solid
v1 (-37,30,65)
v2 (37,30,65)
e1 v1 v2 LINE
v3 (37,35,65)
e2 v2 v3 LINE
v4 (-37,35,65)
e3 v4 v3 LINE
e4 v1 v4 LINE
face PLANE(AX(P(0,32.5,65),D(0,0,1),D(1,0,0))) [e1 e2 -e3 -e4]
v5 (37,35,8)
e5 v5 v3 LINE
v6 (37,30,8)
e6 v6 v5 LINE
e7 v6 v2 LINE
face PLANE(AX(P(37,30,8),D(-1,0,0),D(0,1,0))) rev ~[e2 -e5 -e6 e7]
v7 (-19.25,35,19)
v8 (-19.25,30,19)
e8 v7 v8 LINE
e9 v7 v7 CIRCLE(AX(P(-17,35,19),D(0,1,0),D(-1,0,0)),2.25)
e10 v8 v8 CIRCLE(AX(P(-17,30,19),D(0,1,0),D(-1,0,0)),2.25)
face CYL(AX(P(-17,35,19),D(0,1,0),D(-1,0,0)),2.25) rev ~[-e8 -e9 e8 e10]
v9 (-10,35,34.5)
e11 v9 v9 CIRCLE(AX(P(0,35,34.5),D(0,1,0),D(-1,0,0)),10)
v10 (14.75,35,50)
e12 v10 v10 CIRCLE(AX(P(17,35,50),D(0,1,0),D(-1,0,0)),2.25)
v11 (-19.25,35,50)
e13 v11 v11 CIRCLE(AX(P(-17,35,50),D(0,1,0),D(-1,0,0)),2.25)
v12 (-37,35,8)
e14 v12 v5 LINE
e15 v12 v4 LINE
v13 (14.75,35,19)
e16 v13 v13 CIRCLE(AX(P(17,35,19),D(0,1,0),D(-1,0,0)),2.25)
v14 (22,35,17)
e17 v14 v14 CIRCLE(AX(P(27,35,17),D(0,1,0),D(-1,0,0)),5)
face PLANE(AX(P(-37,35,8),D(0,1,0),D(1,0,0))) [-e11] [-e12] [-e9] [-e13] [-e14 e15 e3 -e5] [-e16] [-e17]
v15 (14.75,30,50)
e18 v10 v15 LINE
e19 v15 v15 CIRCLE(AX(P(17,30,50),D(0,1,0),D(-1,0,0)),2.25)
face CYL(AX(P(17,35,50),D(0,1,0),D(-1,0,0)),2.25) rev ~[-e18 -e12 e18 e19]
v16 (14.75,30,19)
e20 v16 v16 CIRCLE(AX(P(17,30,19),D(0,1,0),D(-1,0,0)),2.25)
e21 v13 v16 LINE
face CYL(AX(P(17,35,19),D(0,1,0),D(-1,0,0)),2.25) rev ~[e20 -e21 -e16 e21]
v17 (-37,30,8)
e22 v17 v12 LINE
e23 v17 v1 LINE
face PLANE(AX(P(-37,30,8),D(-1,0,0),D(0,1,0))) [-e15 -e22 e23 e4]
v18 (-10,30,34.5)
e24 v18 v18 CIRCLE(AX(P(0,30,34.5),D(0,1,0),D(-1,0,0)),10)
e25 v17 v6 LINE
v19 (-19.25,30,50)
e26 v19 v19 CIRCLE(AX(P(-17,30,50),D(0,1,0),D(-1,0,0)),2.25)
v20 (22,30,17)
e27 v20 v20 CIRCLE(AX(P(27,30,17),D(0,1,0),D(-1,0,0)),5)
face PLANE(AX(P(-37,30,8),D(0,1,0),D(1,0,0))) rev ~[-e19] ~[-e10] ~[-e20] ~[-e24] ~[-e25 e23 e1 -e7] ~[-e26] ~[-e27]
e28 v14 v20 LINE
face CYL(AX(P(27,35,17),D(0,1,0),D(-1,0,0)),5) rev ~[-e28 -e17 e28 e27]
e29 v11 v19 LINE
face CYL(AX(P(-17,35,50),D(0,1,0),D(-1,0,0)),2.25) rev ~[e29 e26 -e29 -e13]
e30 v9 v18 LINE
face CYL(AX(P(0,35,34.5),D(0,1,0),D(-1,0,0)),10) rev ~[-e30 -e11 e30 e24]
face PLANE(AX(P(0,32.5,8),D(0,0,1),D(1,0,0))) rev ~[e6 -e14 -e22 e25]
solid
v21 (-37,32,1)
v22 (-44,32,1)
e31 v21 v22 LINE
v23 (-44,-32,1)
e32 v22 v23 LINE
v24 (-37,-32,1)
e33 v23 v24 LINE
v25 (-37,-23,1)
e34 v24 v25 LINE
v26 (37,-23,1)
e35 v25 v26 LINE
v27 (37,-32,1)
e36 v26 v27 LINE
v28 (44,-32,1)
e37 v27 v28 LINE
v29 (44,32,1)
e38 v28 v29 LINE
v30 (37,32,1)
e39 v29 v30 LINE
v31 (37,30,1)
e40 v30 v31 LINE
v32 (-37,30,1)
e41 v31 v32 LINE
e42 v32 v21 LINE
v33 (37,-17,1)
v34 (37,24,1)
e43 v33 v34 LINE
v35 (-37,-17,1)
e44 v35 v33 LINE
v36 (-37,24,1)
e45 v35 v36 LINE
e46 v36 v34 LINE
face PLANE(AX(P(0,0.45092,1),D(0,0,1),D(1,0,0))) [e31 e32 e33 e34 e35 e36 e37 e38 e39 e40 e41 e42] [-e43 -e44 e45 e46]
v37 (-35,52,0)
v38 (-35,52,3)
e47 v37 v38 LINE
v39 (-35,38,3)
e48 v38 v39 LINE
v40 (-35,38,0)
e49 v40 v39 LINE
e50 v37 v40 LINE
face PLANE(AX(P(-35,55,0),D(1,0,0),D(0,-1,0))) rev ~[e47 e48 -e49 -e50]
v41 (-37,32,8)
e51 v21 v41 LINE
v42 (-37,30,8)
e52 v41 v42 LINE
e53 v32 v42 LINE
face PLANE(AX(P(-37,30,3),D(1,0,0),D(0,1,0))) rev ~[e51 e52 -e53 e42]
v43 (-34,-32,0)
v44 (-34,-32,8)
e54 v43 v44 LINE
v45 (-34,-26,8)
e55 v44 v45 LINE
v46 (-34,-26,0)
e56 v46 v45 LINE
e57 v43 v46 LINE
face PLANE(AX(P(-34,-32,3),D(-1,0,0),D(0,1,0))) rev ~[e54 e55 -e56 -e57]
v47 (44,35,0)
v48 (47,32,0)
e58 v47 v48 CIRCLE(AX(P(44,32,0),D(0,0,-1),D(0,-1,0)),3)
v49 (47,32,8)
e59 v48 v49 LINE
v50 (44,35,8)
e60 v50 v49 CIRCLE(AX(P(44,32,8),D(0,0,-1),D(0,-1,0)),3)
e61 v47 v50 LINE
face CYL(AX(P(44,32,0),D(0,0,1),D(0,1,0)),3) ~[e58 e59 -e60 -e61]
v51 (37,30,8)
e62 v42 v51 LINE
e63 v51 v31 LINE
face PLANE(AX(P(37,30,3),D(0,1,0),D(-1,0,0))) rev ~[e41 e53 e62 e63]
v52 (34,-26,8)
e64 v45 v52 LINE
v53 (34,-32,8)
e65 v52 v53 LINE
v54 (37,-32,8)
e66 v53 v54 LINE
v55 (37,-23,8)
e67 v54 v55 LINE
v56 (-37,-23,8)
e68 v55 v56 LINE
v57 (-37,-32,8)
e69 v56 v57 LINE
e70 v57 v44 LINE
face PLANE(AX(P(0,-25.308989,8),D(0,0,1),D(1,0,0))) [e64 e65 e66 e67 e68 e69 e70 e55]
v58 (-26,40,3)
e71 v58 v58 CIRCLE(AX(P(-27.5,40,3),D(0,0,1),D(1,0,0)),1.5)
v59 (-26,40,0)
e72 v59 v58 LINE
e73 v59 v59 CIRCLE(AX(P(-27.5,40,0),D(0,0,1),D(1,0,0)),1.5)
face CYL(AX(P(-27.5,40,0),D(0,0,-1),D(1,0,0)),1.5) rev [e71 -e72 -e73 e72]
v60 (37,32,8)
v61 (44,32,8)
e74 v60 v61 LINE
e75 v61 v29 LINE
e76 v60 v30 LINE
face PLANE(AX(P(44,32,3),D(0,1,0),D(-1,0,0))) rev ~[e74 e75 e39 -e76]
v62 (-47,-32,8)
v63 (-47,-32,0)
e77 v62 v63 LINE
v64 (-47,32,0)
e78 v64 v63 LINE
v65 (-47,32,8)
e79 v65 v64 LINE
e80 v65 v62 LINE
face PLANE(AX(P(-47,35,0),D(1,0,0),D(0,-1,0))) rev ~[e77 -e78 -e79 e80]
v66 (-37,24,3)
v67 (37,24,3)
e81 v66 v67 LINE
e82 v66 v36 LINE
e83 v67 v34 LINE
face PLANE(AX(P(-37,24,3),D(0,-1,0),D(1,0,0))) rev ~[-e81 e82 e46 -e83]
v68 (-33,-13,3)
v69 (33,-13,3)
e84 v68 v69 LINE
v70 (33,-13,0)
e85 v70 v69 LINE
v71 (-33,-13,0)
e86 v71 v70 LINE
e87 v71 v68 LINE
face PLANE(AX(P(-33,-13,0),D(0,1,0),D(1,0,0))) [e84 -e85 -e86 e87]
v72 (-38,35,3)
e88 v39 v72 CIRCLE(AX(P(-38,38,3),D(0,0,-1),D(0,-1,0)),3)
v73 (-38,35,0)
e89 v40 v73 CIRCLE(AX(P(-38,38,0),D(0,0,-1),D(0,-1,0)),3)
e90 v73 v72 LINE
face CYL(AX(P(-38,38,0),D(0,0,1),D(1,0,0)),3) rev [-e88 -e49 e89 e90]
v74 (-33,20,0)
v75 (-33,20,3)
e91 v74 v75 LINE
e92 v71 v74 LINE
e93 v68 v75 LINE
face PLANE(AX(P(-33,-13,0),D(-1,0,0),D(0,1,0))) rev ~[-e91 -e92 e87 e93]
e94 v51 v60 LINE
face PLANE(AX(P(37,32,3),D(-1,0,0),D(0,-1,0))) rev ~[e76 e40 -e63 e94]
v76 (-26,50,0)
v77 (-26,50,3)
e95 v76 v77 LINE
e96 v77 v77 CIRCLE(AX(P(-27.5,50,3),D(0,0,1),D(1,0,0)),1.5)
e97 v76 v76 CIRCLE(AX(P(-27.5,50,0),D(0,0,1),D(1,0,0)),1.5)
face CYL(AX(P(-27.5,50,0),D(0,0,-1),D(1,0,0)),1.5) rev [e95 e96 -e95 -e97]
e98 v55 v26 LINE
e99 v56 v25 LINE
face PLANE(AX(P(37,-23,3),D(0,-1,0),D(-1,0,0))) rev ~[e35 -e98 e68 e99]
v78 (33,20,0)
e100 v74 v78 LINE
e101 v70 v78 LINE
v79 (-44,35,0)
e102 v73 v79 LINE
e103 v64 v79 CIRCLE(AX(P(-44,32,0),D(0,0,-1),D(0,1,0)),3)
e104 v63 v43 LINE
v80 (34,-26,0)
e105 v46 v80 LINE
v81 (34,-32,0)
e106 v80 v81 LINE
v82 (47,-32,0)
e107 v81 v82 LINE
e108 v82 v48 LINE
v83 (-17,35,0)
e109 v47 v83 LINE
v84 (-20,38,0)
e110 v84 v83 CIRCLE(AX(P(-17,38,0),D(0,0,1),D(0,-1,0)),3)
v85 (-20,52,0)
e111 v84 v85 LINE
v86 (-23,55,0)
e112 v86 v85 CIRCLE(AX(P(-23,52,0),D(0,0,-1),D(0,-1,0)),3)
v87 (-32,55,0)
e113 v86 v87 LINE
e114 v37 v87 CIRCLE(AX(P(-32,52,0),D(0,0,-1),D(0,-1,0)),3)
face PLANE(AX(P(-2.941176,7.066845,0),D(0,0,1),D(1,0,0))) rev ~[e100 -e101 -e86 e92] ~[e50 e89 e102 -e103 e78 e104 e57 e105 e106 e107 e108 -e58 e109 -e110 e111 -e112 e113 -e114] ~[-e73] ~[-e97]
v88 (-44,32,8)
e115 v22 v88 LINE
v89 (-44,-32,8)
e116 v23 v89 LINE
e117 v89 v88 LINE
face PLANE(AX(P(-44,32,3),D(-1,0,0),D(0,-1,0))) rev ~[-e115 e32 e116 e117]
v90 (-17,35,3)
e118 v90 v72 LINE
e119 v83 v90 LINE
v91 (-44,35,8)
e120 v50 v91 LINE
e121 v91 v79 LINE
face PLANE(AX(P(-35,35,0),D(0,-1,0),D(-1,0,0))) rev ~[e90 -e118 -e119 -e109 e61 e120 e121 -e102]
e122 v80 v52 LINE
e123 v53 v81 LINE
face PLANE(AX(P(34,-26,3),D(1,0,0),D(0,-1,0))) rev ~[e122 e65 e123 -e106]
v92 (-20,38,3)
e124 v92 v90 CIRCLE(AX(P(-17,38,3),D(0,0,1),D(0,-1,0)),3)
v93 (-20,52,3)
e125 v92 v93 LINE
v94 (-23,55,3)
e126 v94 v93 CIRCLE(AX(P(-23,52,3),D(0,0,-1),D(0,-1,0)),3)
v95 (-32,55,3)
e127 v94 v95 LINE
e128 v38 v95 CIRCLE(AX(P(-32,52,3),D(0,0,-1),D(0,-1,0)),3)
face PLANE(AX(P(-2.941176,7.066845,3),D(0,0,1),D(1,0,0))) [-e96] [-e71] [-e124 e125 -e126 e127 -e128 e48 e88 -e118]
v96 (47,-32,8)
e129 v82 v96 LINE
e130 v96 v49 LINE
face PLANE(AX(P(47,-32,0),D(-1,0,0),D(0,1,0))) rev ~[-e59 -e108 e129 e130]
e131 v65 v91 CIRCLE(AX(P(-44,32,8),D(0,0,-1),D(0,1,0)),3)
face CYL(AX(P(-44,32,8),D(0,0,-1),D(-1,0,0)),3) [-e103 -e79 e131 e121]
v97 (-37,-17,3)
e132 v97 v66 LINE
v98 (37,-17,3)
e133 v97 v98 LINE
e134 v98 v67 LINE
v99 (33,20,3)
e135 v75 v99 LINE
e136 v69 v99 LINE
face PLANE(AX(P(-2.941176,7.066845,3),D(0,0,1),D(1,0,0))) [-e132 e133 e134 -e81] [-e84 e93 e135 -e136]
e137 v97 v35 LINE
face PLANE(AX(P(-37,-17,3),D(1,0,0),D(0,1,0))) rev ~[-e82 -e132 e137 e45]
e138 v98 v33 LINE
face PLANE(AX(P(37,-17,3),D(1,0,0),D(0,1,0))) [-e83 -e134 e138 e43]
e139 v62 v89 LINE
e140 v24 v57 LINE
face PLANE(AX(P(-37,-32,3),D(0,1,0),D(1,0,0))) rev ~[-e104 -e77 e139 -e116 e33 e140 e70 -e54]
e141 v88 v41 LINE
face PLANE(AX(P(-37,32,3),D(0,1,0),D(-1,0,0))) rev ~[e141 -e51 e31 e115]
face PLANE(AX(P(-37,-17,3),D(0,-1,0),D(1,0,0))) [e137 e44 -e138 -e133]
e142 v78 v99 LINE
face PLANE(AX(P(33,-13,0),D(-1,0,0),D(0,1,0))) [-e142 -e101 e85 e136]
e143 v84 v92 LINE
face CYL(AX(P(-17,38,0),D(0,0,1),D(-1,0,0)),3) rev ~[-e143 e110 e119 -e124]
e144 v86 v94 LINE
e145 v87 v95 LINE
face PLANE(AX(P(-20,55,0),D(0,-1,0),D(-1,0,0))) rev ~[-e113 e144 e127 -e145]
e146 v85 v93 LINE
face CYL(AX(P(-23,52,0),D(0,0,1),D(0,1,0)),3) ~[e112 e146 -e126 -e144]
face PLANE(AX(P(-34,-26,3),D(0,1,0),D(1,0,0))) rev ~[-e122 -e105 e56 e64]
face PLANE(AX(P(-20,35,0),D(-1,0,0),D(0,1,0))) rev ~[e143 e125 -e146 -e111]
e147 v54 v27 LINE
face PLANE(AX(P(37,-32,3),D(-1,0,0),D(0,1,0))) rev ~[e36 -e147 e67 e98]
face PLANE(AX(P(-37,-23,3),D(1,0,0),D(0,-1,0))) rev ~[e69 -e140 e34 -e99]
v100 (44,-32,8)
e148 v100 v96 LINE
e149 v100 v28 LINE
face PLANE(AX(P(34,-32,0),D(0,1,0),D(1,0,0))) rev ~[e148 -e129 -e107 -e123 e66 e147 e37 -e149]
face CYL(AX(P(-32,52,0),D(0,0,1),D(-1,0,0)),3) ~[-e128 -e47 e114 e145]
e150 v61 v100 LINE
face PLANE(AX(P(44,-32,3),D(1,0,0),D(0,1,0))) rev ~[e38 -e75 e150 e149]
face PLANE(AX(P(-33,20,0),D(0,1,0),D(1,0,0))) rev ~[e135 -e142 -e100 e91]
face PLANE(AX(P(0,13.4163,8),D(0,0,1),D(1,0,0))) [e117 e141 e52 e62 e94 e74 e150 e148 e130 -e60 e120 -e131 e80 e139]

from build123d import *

# Parameters (mm, degrees)
F0_W     = 66
F0_H     = 33
F0_R     = 1.5
F1_DEPTH = 3
F3_DEPTH = 5
F4_W     = 74
F4_H     = 41
F5_DEPTH = 2
F6_W     = 74
F6_H     = 5
F7_DEPTH = 57
F8_R     = 10
F8_R_2   = 5
F8_R_3   = 2.25
F9_DEPTH = 67.001
F10_R    = 3


with BuildPart() as f1:
    # F0 (on Top) → F1 (new body)
    with BuildSketch(Plane.XY):
        Polygon((47, -32), (47, 35), (-20, 35), (-20, 55), (-35, 55), (-35, 35), (-47, 35), (-47, -32), (-34, -32), (-34, -26), (34, -26), (34, -32), align=None)
        with Locations((0, 3.5)):
            Rectangle(F0_W, F0_H, mode=Mode.SUBTRACT)
        with Locations((-27.5, 40)):
            Circle(F0_R, mode=Mode.SUBTRACT)
        with Locations((-27.5, 50)):
            Circle(F0_R, mode=Mode.SUBTRACT)
    extrude(amount=F1_DEPTH)

    # F2 (on face) → F3 (join)
    with BuildSketch(Plane.XY.offset(3)):
        Polygon((-37, -23), (-37, -32), (-34, -32), (-34, -26), (34, -26), (34, -32), (37, -32), (37, -23), align=None)
        Polygon((-37, 32), (-37, 30), (37, 30), (37, 32), (44, 32), (44, -32), (47, -32), (47, 35), (-20, 35), (-35, 35), (-47, 35), (-47, -32), (-44, -32), (-44, 32), align=None)
    extrude(amount=F3_DEPTH)

    # F4 (on face) → F5 (cut)
    with BuildSketch(Plane.XY.offset(3)):
        Polygon((-37, -23), (37, -23), (37, -32), (44, -32), (44, 32), (37, 32), (37, 30), (-37, 30), (-37, 32), (-44, 32), (-44, -32), (-37, -32), align=None)
        with Locations((0, 3.5)):
            Rectangle(F4_W, F4_H, mode=Mode.SUBTRACT)
    extrude(amount=-F5_DEPTH, mode=Mode.SUBTRACT)

    # F10
    f10_edges = [f1.edges().sort_by_distance(p)[0] for p in [
        (-35, 35, 1.5),
        (-20, 35, 1.5),
        (-35, 55, 1.5),
        (-20, 55, 1.5),
        (-47, 35, 4),
        (47, 35, 4),
    ]]
    fillet(f10_edges, radius=F10_R)


with BuildPart() as f7:
    # F6 (on face) → F7 (new body)
    with BuildSketch(Plane.XY.offset(8)):
        with Locations((0, 32.5)):
            Rectangle(F6_W, F6_H)
    extrude(amount=F7_DEPTH)

    # F8 (on face) → F9 (cut, through all)
    with BuildSketch(Plane(origin=(0, 35, 0), x_dir=(-1, 0, 0), z_dir=(0, 1, 0))):
        with Locations((0, 34.5)):
            Circle(F8_R)
        with Locations((-27, 17)):
            Circle(F8_R_2)
        with Locations((-17, 50)):
            Circle(F8_R_3)
        with Locations((-17, 19)):
            Circle(F8_R_3)
        with Locations((17, 19)):
            Circle(F8_R_3)
        with Locations((17, 50)):
            Circle(F8_R_3)
    extrude(amount=-F9_DEPTH, mode=Mode.SUBTRACT)


solid = Compound([f1.part, f7.part])
